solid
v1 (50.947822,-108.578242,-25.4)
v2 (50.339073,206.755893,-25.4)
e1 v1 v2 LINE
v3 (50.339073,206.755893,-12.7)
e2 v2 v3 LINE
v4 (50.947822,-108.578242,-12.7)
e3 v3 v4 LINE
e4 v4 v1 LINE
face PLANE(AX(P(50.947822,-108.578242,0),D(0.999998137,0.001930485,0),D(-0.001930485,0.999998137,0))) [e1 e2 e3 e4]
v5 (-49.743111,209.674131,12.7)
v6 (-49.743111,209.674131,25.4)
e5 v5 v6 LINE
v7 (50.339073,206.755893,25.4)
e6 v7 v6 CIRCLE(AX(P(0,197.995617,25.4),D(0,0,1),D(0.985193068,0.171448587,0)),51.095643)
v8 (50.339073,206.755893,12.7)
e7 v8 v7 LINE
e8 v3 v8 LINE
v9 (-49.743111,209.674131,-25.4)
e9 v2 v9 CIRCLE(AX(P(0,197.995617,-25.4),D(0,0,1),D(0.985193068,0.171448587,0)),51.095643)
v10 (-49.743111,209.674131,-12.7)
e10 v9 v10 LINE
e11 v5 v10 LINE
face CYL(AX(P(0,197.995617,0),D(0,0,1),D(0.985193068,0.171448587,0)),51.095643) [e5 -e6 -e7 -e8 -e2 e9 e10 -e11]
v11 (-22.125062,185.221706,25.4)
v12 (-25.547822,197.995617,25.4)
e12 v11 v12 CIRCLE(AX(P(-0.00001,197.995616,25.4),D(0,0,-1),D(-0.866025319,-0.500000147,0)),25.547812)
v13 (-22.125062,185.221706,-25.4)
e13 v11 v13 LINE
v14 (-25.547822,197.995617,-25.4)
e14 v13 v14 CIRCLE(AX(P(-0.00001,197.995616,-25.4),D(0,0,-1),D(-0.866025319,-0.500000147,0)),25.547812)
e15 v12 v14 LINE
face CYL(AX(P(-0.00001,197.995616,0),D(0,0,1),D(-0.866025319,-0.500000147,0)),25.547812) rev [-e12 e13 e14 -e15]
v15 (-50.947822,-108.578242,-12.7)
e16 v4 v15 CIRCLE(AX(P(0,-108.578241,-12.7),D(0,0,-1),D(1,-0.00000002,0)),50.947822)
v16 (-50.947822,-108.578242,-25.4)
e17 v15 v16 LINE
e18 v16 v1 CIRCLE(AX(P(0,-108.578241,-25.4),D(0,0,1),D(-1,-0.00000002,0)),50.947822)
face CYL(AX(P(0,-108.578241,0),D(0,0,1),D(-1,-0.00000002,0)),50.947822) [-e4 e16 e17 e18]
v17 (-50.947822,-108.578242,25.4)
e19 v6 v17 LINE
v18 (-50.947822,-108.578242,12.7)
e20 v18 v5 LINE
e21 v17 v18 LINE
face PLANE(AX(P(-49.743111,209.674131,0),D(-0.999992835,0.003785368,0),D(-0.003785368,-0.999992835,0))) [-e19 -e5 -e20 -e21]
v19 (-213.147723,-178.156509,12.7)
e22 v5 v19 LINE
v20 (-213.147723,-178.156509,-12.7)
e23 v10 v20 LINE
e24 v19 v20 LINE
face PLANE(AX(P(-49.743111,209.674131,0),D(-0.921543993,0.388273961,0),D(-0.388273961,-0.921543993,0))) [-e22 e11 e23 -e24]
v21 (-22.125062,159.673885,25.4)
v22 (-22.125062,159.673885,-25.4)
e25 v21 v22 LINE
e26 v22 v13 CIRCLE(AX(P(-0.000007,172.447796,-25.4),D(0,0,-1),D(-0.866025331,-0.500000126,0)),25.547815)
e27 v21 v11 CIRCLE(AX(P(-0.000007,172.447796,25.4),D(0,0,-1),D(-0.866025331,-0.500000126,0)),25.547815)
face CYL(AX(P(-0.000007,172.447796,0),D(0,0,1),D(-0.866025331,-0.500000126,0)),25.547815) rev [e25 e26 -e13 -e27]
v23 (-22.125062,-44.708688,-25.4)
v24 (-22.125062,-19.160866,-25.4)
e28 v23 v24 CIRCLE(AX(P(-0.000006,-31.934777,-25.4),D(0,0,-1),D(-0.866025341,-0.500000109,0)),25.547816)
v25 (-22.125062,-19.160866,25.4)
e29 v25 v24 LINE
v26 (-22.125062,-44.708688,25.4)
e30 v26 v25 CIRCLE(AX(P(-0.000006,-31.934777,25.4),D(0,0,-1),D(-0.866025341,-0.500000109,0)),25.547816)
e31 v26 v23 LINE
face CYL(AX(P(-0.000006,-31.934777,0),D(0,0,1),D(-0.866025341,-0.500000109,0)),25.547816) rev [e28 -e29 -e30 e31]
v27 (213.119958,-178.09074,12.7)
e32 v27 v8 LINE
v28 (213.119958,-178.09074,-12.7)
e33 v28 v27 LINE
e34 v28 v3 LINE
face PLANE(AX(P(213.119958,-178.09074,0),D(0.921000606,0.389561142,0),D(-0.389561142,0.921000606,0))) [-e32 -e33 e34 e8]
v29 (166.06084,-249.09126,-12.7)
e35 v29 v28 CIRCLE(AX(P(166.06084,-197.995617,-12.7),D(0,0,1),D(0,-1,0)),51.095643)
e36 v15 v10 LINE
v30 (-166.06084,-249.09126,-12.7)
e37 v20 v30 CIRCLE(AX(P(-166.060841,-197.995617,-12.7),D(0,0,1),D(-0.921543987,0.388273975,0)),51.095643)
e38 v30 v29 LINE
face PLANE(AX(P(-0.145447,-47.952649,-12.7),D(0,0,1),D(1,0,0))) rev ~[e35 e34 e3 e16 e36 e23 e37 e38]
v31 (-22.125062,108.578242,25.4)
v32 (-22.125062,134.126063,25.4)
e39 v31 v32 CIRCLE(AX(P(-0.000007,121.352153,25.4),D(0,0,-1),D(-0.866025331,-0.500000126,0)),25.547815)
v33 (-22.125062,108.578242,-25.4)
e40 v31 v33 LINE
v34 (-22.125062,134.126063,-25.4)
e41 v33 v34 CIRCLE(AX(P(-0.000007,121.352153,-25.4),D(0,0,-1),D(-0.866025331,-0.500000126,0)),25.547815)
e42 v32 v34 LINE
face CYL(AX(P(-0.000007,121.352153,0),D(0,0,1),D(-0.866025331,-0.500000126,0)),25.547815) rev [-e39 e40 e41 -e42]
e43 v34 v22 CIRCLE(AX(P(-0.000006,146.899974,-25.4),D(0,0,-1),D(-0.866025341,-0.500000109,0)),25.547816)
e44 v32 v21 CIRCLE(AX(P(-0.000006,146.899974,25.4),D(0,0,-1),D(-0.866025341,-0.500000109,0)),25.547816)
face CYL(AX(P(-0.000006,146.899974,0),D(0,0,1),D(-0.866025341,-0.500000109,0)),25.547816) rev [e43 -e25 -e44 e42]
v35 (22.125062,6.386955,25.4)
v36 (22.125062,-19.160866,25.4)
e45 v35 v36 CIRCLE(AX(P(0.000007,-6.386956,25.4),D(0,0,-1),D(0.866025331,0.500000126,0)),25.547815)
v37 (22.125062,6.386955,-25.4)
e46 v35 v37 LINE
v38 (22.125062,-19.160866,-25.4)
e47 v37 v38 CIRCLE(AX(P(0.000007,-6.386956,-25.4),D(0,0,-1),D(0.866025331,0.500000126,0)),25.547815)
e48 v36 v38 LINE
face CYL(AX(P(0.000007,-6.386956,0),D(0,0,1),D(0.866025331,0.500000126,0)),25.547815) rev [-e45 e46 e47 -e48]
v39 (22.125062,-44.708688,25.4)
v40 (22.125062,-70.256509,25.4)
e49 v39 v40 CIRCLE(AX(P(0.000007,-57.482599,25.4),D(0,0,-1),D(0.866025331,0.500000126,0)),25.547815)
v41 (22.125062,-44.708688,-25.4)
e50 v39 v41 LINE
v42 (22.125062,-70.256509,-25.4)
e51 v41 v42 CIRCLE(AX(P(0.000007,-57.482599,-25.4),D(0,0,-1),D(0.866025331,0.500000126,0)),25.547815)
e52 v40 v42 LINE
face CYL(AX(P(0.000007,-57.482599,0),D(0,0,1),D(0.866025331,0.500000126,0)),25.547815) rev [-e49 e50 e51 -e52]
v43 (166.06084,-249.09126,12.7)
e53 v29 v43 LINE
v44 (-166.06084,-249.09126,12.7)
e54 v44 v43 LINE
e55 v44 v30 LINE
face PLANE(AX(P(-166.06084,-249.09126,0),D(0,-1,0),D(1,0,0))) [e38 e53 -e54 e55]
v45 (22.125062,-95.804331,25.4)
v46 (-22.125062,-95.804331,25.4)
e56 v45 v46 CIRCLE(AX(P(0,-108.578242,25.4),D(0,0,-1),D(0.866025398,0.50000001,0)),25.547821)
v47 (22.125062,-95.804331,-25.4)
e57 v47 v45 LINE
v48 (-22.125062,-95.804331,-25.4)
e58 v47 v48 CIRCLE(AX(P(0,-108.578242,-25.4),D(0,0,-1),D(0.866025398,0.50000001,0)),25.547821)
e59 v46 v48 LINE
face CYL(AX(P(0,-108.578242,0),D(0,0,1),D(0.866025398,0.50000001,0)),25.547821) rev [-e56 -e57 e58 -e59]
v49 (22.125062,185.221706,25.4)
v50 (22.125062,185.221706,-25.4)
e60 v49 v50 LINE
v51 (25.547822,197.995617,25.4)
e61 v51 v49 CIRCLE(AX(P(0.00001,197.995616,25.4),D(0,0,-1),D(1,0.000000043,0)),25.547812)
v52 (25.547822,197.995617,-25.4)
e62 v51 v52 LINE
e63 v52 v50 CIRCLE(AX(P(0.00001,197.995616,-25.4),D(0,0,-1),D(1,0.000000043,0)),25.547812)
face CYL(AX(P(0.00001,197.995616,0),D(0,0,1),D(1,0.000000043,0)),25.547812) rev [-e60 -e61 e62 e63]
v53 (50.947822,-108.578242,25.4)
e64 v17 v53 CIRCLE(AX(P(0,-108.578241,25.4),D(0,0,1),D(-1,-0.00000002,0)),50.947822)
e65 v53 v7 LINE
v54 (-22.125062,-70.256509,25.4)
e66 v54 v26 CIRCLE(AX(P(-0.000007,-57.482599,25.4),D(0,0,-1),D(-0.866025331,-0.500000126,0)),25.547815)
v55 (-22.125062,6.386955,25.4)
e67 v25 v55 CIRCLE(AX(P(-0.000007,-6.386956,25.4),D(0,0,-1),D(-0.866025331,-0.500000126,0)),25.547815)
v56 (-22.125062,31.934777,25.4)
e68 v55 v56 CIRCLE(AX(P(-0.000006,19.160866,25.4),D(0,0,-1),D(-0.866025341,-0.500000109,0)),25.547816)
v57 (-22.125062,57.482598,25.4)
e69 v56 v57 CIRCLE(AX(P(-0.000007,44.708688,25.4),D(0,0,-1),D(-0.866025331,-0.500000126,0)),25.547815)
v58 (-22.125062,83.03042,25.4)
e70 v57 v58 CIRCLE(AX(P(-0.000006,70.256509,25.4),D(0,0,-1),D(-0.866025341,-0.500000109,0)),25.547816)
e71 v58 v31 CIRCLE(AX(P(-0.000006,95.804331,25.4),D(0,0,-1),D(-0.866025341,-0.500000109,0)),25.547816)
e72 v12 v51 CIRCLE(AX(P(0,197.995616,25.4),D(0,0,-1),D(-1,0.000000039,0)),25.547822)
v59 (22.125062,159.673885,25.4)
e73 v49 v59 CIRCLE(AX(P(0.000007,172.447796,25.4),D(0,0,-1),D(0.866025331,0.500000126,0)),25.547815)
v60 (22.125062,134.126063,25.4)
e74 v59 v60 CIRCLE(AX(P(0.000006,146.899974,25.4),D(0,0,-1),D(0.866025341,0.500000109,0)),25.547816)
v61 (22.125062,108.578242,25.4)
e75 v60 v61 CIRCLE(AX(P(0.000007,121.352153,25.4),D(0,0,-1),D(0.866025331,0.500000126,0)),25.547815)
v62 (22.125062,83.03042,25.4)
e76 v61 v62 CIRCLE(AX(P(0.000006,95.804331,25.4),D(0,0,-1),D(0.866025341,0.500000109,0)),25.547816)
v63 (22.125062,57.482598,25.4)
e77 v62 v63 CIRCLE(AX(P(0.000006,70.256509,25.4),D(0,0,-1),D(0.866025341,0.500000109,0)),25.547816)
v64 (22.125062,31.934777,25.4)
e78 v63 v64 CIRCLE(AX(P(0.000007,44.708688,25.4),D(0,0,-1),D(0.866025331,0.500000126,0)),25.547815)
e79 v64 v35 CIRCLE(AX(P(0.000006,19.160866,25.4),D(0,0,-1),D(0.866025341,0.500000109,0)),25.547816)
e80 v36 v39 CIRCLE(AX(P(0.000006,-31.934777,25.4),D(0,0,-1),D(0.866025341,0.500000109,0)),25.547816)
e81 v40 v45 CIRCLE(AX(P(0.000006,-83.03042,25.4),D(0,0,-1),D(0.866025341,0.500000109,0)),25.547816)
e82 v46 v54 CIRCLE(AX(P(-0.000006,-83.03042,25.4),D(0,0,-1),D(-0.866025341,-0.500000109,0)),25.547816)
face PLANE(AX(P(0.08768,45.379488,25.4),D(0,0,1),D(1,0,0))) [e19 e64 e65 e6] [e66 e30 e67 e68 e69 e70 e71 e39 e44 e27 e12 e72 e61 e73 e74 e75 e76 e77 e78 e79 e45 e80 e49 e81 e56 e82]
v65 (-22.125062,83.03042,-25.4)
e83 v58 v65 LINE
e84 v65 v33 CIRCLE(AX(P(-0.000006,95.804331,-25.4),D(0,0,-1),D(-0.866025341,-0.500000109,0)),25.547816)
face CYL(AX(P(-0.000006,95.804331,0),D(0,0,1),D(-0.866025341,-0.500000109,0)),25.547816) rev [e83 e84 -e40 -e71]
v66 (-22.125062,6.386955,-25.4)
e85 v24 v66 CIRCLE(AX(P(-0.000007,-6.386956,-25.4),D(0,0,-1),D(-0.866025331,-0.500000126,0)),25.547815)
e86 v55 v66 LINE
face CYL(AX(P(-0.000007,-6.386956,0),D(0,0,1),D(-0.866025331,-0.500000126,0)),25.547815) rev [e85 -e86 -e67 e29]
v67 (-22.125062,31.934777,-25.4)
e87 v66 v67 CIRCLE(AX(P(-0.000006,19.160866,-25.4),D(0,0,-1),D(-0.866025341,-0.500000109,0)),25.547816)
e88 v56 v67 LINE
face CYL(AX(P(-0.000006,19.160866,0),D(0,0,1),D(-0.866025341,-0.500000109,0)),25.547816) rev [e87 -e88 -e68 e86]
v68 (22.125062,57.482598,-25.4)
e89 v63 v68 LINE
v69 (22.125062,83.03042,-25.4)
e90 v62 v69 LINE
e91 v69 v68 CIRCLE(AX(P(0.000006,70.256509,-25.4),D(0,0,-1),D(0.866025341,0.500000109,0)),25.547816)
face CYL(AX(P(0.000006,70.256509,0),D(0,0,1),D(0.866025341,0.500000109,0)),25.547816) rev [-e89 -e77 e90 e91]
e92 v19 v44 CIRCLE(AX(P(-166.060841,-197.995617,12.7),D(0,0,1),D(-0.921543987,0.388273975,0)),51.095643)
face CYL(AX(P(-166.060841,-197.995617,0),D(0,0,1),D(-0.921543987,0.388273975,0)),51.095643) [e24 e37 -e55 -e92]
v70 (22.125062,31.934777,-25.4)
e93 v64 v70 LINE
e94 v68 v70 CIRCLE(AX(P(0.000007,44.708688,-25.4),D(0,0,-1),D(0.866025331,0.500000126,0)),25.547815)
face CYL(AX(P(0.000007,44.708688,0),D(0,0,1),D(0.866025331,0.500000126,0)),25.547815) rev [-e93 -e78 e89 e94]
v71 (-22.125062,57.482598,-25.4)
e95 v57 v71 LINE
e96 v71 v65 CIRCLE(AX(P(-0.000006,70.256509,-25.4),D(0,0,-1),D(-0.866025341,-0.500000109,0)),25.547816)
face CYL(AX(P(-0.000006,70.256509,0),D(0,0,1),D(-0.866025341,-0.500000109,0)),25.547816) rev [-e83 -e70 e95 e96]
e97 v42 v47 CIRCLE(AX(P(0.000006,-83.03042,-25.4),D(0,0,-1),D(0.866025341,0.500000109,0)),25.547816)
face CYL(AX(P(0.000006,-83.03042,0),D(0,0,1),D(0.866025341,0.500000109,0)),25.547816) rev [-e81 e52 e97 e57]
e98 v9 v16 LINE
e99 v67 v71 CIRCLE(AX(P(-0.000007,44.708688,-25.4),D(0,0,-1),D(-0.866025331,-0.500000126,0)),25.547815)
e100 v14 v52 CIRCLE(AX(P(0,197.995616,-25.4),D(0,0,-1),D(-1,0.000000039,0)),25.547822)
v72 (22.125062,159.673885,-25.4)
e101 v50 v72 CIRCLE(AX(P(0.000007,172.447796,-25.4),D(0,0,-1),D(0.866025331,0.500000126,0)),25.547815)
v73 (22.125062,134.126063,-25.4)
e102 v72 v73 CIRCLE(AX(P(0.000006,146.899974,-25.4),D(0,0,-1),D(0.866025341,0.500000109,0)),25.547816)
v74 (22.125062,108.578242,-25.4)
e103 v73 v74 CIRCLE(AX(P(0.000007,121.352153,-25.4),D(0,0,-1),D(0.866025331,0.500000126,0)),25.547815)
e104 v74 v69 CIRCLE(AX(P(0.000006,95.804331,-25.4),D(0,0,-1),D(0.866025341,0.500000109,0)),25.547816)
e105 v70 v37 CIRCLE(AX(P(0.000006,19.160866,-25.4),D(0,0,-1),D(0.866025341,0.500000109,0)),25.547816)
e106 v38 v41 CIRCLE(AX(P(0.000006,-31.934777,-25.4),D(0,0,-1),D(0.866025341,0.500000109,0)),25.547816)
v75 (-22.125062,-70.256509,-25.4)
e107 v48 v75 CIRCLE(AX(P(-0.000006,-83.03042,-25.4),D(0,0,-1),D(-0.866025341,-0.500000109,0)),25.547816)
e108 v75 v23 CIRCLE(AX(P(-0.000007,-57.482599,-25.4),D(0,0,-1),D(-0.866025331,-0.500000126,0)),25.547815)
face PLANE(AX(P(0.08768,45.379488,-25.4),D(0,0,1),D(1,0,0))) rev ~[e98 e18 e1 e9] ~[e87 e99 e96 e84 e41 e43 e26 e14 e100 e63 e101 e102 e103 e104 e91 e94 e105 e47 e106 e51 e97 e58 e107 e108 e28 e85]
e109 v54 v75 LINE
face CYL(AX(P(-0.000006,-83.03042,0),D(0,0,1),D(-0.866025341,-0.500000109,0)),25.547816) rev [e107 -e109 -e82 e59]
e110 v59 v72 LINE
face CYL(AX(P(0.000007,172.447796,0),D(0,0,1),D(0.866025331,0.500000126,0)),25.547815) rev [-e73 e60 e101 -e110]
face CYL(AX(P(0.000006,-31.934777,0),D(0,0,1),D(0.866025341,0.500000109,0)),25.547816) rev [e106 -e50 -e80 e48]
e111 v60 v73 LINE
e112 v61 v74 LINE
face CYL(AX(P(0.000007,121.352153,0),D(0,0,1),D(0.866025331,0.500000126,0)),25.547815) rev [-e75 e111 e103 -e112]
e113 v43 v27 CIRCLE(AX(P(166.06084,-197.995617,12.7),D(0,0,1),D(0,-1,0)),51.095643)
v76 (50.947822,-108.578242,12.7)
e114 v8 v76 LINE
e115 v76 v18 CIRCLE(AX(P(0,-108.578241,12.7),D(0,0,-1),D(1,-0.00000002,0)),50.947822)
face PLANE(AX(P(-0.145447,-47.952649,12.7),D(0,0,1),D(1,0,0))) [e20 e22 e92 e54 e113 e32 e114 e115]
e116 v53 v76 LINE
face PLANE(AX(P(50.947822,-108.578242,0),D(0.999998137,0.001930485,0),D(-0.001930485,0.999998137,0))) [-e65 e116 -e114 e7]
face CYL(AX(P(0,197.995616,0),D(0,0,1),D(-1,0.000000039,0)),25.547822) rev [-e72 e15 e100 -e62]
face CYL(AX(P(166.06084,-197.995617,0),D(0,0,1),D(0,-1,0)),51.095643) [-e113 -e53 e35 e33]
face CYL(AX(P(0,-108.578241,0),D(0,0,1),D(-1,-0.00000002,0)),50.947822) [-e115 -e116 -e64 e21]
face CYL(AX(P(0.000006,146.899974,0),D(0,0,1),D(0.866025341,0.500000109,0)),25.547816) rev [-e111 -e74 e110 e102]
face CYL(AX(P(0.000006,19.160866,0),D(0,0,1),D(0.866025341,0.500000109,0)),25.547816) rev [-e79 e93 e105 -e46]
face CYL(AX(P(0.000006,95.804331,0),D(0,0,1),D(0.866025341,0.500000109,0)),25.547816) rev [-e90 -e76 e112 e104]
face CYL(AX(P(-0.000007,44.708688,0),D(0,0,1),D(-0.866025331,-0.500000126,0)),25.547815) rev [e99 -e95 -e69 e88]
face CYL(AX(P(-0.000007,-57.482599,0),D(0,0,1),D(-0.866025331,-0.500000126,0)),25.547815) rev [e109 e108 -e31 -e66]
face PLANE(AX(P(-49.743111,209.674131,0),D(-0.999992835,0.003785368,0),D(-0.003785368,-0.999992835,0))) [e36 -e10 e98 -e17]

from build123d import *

# Parameters (mm, degrees)
F1_DEPTH = 25.4
F2_DEPTH = 12.7


with BuildPart() as f1:
    # F0 (on Top) → F1 (new body, symmetric)
    with BuildSketch(Plane.XY):
        with BuildLine():
            Line((50.947822, -108.578242), (50.339073, 206.755893))
            ThreePointArc((50.339073, 206.755893), (1.489235, 249.069553), (-49.743111, 209.674131))
            Line((-49.743111, 209.674131), (-50.947822, -108.578242))
            ThreePointArc((-50.947822, -108.578242), (0, -159.526063), (50.947822, -108.578242))
        make_face()
        with BuildLine():
            ThreePointArc((22.125062, -95.804331), (0, -134.126063), (-22.125062, -95.804331))
            ThreePointArc((-22.125062, -95.804331), (-25.547822, -83.03042), (-22.125062, -70.256509))
            ThreePointArc((-22.125062, -70.256509), (-25.547822, -57.482598), (-22.125062, -44.708688))
            ThreePointArc((-22.125062, -44.708688), (-25.547822, -31.934777), (-22.125062, -19.160866))
            ThreePointArc((-22.125062, -19.160866), (-25.547822, -6.386955), (-22.125062, 6.386955))
            ThreePointArc((-22.125062, 6.386955), (-25.547822, 19.160866), (-22.125062, 31.934777))
            ThreePointArc((-22.125062, 31.934777), (-25.547822, 44.708688), (-22.125062, 57.482598))
            ThreePointArc((-22.125062, 57.482598), (-25.547822, 70.256509), (-22.125062, 83.03042))
            ThreePointArc((-22.125062, 83.03042), (-25.547822, 95.804331), (-22.125062, 108.578242))
            ThreePointArc((-22.125062, 108.578242), (-25.547822, 121.352152), (-22.125062, 134.126063))
            ThreePointArc((-22.125062, 134.126063), (-25.547822, 146.899974), (-22.125062, 159.673885))
            ThreePointArc((-22.125062, 159.673885), (-25.547822, 172.447795), (-22.125062, 185.221706))
            ThreePointArc((-22.125062, 185.221706), (-24.677301, 191.383354), (-25.547822, 197.995617))
            ThreePointArc((-25.547822, 197.995617), (0, 223.543438), (25.547822, 197.995617))
            ThreePointArc((25.547822, 197.995617), (24.677301, 191.383354), (22.125062, 185.221706))
            ThreePointArc((22.125062, 185.221706), (25.547822, 172.447795), (22.125062, 159.673885))
            ThreePointArc((22.125062, 159.673885), (25.547822, 146.899974), (22.125062, 134.126063))
            ThreePointArc((22.125062, 134.126063), (25.547822, 121.352152), (22.125062, 108.578242))
            ThreePointArc((22.125062, 108.578242), (25.547822, 95.804331), (22.125062, 83.03042))
            ThreePointArc((22.125062, 83.03042), (25.547822, 70.256509), (22.125062, 57.482598))
            ThreePointArc((22.125062, 57.482598), (25.547822, 44.708688), (22.125062, 31.934777))
            ThreePointArc((22.125062, 31.934777), (25.547822, 19.160866), (22.125062, 6.386955))
            ThreePointArc((22.125062, 6.386955), (25.547822, -6.386955), (22.125062, -19.160866))
            ThreePointArc((22.125062, -19.160866), (25.547822, -31.934777), (22.125062, -44.708688))
            ThreePointArc((22.125062, -44.708688), (25.547822, -57.482598), (22.125062, -70.256509))
            ThreePointArc((22.125062, -70.256509), (25.547822, -83.03042), (22.125062, -95.804331))
        make_face(mode=Mode.SUBTRACT)
    extrude(amount=F1_DEPTH, both=True)

    # F0 (on Top) → F2 (join, symmetric)
    with BuildSketch(Plane.XY):
        with BuildLine():
            Line((-166.06084, -249.09126), (166.06084, -249.09126))
            ThreePointArc((166.06084, -249.09126), (208.650846, -226.224257), (213.119958, -178.09074))
            Line((213.119958, -178.09074), (50.339073, 206.755893))
            Line((50.339073, 206.755893), (50.947822, -108.578242))
            ThreePointArc((50.947822, -108.578242), (0, -159.526063), (-50.947822, -108.578242))
            Line((-50.947822, -108.578242), (-49.743111, 209.674131))
            Line((-49.743111, 209.674131), (-213.147723, -178.156509))
            ThreePointArc((-213.147723, -178.156509), (-208.631116, -226.254003), (-166.06084, -249.09126))
        make_face()
    extrude(amount=F2_DEPTH, both=True)


solid = f1.part
